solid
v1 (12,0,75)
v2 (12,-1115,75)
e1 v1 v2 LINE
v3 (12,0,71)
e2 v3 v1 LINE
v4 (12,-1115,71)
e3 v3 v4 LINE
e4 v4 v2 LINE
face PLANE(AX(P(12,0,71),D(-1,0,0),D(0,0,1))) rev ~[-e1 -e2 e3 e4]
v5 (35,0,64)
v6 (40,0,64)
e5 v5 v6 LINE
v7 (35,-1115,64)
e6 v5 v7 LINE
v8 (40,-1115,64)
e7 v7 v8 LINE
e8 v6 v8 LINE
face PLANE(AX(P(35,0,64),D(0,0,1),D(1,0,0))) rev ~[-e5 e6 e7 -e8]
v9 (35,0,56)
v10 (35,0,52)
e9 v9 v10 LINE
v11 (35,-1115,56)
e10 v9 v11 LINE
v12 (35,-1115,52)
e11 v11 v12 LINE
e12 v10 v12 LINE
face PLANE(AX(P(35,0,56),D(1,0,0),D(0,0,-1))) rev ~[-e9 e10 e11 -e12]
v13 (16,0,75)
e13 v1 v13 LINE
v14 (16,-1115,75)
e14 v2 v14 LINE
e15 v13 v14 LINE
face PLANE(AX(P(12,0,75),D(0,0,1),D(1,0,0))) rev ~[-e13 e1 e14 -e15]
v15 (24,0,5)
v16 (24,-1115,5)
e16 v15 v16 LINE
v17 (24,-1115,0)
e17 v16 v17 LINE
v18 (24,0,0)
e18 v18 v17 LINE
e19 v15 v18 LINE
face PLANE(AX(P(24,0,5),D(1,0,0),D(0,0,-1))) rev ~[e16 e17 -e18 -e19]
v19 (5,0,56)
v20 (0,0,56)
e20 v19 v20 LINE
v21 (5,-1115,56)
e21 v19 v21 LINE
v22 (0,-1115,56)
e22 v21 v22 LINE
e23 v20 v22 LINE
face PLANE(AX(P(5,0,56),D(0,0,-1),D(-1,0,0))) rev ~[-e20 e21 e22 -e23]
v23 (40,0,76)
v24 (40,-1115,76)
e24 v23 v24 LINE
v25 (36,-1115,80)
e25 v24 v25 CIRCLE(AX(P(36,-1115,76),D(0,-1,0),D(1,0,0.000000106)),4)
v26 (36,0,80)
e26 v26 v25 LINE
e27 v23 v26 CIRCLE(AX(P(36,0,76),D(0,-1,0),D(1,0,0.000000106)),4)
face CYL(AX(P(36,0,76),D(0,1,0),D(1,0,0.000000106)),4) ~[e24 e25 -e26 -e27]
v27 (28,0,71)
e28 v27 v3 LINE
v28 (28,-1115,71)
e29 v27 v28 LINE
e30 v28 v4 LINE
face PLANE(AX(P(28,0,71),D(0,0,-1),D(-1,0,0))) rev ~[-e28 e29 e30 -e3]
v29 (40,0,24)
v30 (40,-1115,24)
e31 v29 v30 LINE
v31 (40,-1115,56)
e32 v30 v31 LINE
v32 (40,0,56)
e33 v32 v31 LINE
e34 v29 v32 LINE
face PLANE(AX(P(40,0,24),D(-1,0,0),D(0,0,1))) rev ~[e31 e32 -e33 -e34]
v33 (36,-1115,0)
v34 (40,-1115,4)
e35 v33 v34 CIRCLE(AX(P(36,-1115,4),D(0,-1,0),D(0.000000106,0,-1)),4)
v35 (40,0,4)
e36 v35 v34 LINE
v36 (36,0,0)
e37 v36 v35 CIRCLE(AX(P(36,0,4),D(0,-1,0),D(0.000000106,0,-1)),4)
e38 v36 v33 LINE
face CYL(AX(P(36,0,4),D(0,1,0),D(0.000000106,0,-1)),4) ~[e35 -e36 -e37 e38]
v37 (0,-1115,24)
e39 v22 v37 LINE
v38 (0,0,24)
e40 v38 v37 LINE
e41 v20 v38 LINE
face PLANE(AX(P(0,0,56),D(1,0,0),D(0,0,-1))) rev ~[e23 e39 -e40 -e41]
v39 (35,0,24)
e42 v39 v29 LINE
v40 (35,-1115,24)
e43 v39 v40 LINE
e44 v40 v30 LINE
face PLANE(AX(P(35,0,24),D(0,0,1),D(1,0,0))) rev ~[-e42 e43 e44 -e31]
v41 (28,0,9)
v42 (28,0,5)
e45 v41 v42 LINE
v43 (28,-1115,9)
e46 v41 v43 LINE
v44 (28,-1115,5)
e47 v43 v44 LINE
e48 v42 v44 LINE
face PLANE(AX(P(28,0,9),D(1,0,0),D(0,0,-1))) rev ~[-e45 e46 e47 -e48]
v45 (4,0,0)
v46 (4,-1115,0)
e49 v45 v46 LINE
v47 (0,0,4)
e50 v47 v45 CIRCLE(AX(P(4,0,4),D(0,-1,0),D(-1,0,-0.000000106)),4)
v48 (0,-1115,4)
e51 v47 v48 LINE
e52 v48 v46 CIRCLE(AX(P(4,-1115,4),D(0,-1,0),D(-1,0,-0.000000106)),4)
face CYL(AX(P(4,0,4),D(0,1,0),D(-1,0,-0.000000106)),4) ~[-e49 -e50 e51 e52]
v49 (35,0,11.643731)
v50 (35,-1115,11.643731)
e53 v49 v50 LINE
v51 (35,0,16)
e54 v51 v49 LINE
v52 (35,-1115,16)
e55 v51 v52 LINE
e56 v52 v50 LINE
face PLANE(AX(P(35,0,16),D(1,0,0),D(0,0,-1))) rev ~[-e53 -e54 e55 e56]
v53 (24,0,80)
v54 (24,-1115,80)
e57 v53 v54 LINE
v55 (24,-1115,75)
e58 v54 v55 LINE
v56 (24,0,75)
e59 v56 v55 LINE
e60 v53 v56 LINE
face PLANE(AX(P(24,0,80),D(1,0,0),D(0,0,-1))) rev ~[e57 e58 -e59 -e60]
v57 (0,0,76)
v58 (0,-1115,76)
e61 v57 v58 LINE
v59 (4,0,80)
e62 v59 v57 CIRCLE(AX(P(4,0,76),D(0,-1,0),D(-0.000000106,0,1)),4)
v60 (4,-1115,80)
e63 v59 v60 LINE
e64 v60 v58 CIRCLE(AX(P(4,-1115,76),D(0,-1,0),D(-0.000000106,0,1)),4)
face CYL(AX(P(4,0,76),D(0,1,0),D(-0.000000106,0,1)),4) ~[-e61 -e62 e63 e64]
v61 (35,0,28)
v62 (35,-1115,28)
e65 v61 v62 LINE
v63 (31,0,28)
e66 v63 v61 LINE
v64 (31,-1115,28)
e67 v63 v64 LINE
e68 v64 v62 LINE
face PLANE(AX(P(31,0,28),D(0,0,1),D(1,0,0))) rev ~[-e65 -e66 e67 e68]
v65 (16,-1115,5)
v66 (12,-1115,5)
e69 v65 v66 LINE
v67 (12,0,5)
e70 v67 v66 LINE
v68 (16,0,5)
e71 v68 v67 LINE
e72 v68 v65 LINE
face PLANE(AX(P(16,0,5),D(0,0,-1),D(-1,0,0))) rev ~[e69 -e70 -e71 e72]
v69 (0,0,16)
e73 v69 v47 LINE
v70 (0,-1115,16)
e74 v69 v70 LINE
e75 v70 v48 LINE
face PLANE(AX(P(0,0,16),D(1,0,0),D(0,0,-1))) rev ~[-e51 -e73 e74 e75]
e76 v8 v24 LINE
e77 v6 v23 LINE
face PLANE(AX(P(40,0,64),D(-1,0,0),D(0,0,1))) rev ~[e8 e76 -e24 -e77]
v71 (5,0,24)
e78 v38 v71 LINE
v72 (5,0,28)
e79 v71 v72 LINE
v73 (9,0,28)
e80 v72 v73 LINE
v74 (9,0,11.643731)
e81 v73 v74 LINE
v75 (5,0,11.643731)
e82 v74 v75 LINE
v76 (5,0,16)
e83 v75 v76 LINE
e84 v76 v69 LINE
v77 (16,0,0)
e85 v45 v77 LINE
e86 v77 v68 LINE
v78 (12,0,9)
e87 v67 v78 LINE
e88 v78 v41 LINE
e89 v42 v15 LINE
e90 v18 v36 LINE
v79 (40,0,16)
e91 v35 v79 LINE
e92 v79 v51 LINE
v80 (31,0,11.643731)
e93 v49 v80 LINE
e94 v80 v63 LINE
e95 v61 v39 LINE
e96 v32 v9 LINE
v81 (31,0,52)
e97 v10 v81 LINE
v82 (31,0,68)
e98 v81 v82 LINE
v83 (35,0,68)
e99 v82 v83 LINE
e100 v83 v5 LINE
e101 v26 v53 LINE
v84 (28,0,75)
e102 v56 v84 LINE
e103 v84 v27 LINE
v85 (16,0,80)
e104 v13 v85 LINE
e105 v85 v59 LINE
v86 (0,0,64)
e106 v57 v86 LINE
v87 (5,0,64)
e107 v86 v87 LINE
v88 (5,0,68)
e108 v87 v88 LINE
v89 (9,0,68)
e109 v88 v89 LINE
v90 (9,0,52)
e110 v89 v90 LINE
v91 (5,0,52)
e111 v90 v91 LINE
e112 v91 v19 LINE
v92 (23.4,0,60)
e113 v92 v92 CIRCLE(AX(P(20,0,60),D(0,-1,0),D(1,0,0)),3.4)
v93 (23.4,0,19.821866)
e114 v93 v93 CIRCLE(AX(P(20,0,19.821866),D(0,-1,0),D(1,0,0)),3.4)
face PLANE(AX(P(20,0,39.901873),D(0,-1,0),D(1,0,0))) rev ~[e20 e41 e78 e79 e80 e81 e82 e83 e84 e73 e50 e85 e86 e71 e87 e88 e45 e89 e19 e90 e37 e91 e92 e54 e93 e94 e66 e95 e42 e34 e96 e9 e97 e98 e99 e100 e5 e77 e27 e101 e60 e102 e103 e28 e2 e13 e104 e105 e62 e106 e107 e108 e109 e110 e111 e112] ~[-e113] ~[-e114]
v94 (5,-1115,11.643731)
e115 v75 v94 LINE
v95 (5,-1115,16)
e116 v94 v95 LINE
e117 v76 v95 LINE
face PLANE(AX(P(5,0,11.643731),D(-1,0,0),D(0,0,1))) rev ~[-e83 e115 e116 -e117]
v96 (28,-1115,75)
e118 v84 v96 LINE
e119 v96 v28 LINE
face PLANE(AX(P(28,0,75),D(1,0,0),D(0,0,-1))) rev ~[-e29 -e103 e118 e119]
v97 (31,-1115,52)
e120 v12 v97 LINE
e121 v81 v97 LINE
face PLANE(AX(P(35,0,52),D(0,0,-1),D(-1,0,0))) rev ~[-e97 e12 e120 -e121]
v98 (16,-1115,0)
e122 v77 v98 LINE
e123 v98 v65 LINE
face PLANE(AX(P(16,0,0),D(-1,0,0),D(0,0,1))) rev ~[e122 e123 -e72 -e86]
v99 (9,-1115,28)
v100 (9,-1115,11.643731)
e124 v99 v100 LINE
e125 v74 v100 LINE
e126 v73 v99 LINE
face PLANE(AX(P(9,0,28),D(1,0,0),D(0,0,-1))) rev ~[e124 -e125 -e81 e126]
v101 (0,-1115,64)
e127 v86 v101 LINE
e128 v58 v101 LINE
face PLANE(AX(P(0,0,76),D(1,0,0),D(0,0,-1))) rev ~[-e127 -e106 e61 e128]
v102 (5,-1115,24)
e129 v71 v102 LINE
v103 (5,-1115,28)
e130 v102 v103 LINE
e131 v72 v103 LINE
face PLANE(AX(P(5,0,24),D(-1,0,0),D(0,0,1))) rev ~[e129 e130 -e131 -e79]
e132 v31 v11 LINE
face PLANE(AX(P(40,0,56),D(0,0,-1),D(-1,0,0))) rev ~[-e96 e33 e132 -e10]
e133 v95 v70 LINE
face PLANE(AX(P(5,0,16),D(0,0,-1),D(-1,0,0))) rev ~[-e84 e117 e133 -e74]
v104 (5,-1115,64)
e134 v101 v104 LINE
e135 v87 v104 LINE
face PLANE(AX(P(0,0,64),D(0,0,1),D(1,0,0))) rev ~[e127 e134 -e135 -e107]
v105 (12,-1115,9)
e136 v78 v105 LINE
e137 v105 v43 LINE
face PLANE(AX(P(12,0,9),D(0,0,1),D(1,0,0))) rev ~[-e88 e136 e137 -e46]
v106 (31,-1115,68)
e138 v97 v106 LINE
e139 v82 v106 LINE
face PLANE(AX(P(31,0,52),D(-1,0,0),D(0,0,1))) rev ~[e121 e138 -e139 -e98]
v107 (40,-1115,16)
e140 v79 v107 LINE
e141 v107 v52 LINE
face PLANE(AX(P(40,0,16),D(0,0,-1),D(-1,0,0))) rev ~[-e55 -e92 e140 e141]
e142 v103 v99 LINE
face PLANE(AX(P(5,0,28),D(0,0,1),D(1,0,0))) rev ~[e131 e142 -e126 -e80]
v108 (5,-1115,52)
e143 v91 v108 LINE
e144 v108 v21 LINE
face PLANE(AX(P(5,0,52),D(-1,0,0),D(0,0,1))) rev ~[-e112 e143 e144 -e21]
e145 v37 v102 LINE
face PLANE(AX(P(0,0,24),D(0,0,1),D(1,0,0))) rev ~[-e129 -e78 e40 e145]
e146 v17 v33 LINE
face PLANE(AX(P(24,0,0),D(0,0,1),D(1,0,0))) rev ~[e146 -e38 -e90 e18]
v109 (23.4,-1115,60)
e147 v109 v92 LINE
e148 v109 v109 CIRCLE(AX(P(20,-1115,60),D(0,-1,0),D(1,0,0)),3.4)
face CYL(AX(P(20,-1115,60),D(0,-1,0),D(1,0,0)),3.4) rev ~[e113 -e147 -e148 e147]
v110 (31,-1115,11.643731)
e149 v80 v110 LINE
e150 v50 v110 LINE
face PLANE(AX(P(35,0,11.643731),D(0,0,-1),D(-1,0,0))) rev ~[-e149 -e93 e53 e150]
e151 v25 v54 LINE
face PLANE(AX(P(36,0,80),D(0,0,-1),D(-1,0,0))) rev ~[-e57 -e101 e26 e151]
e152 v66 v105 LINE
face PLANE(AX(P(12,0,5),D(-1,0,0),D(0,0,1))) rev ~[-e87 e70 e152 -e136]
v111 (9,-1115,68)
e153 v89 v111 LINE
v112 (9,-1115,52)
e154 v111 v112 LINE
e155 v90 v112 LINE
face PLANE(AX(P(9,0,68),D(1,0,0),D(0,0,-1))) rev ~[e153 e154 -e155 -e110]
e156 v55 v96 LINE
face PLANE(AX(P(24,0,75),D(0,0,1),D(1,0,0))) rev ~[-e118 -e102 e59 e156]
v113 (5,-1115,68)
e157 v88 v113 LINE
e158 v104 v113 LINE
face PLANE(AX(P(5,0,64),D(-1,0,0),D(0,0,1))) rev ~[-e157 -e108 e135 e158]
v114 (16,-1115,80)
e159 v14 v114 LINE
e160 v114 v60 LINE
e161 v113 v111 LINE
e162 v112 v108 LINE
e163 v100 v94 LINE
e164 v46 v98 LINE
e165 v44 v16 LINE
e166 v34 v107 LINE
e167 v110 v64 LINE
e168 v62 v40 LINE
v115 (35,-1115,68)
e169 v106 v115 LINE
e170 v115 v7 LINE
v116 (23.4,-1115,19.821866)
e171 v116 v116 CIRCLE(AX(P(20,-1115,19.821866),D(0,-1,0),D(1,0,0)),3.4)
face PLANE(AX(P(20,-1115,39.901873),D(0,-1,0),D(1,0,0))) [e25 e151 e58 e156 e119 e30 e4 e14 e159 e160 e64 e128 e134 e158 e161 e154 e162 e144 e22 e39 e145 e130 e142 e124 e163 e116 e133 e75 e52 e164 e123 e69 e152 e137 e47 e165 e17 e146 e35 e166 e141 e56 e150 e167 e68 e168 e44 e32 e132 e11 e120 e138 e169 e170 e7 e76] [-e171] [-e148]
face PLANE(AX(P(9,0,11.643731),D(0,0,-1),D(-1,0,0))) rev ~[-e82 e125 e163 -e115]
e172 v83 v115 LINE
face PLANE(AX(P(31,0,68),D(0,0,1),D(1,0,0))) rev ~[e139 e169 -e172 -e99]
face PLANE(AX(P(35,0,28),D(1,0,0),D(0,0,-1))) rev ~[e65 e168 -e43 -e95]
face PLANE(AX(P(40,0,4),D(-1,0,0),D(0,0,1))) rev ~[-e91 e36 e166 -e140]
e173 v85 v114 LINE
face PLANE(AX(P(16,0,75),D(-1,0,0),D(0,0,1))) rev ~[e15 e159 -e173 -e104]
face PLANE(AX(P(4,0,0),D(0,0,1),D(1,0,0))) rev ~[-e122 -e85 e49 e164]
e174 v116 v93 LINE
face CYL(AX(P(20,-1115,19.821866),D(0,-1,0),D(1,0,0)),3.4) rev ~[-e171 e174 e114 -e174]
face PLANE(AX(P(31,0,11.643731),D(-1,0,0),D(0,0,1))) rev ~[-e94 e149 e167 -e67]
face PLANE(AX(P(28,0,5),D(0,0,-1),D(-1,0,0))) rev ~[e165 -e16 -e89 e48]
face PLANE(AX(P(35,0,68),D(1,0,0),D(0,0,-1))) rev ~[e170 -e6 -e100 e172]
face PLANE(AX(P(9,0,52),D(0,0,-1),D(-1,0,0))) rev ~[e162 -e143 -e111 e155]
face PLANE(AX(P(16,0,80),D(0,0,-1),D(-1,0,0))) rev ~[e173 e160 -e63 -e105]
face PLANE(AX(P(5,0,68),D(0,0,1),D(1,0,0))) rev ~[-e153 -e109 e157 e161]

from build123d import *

# Parameters (mm, degrees)
F1_DEPTH = 1115
F2_R     = 3.4
F3_DEPTH = 1115


with BuildPart() as f1:
    # F0 (on Front) → F1 (new body)
    with BuildSketch(Plane.XZ):
        with BuildLine():
            Line((0, 16), (0, 4))
            ThreePointArc((0, 4), (1.171573, 1.171573), (4, 0))
            Line((4, 0), (16, 0))
            Line((16, 0), (16, 5))
            Line((16, 5), (12, 5))
            Line((12, 5), (12, 9))
            Line((12, 9), (28, 9))
            Line((28, 9), (28, 5))
            Line((28, 5), (24, 5))
            Line((24, 5), (24, 0))
            Line((24, 0), (36, 0))
            ThreePointArc((36, 0), (38.828427, 1.171573), (40, 4))
            Line((40, 4), (40, 16))
            Line((40, 16), (35, 16))
            Line((35, 16), (35, 11.643731))
            Line((35, 11.643731), (31, 11.643731))
            Line((31, 11.643731), (31, 28))
            Line((31, 28), (35, 28))
            Line((35, 28), (35, 24))
            Line((35, 24), (40, 24))
            Line((40, 24), (40, 56))
            Line((40, 56), (35, 56))
            Line((35, 56), (35, 52))
            Line((35, 52), (31, 52))
            Line((31, 52), (31, 68))
            Line((31, 68), (35, 68))
            Line((35, 68), (35, 64))
            Line((35, 64), (40, 64))
            Line((40, 64), (40, 76))
            ThreePointArc((40, 76), (38.828427, 78.828427), (36, 80))
            Line((36, 80), (24, 80))
            Line((24, 80), (24, 75))
            Line((24, 75), (28, 75))
            Line((28, 75), (28, 71))
            Line((28, 71), (12, 71))
            Line((12, 71), (12, 75))
            Line((12, 75), (16, 75))
            Line((16, 75), (16, 80))
            Line((16, 80), (4, 80))
            ThreePointArc((4, 80), (1.171573, 78.828427), (0, 76))
            Line((0, 76), (0, 64))
            Line((0, 64), (5, 64))
            Line((5, 64), (5, 68))
            Line((5, 68), (9, 68))
            Line((9, 68), (9, 52))
            Line((9, 52), (5, 52))
            Line((5, 52), (5, 56))
            Line((5, 56), (0, 56))
            Line((0, 56), (0, 24))
            Line((0, 24), (5, 24))
            Line((5, 24), (5, 28))
            Line((5, 28), (9, 28))
            Line((9, 28), (9, 11.643731))
            Line((9, 11.643731), (5, 11.643731))
            Line((5, 11.643731), (5, 16))
            Line((5, 16), (0, 16))
        make_face()
    extrude(amount=F1_DEPTH)

    # F2 (on face) → F3 (cut)
    with BuildSketch(Plane.XZ.offset(1115)):
        with Locations((20, 60)):
            Circle(F2_R)
        with Locations((20, 19.821866)):
            Circle(F2_R)
    extrude(amount=-F3_DEPTH, mode=Mode.SUBTRACT)


solid = f1.part
